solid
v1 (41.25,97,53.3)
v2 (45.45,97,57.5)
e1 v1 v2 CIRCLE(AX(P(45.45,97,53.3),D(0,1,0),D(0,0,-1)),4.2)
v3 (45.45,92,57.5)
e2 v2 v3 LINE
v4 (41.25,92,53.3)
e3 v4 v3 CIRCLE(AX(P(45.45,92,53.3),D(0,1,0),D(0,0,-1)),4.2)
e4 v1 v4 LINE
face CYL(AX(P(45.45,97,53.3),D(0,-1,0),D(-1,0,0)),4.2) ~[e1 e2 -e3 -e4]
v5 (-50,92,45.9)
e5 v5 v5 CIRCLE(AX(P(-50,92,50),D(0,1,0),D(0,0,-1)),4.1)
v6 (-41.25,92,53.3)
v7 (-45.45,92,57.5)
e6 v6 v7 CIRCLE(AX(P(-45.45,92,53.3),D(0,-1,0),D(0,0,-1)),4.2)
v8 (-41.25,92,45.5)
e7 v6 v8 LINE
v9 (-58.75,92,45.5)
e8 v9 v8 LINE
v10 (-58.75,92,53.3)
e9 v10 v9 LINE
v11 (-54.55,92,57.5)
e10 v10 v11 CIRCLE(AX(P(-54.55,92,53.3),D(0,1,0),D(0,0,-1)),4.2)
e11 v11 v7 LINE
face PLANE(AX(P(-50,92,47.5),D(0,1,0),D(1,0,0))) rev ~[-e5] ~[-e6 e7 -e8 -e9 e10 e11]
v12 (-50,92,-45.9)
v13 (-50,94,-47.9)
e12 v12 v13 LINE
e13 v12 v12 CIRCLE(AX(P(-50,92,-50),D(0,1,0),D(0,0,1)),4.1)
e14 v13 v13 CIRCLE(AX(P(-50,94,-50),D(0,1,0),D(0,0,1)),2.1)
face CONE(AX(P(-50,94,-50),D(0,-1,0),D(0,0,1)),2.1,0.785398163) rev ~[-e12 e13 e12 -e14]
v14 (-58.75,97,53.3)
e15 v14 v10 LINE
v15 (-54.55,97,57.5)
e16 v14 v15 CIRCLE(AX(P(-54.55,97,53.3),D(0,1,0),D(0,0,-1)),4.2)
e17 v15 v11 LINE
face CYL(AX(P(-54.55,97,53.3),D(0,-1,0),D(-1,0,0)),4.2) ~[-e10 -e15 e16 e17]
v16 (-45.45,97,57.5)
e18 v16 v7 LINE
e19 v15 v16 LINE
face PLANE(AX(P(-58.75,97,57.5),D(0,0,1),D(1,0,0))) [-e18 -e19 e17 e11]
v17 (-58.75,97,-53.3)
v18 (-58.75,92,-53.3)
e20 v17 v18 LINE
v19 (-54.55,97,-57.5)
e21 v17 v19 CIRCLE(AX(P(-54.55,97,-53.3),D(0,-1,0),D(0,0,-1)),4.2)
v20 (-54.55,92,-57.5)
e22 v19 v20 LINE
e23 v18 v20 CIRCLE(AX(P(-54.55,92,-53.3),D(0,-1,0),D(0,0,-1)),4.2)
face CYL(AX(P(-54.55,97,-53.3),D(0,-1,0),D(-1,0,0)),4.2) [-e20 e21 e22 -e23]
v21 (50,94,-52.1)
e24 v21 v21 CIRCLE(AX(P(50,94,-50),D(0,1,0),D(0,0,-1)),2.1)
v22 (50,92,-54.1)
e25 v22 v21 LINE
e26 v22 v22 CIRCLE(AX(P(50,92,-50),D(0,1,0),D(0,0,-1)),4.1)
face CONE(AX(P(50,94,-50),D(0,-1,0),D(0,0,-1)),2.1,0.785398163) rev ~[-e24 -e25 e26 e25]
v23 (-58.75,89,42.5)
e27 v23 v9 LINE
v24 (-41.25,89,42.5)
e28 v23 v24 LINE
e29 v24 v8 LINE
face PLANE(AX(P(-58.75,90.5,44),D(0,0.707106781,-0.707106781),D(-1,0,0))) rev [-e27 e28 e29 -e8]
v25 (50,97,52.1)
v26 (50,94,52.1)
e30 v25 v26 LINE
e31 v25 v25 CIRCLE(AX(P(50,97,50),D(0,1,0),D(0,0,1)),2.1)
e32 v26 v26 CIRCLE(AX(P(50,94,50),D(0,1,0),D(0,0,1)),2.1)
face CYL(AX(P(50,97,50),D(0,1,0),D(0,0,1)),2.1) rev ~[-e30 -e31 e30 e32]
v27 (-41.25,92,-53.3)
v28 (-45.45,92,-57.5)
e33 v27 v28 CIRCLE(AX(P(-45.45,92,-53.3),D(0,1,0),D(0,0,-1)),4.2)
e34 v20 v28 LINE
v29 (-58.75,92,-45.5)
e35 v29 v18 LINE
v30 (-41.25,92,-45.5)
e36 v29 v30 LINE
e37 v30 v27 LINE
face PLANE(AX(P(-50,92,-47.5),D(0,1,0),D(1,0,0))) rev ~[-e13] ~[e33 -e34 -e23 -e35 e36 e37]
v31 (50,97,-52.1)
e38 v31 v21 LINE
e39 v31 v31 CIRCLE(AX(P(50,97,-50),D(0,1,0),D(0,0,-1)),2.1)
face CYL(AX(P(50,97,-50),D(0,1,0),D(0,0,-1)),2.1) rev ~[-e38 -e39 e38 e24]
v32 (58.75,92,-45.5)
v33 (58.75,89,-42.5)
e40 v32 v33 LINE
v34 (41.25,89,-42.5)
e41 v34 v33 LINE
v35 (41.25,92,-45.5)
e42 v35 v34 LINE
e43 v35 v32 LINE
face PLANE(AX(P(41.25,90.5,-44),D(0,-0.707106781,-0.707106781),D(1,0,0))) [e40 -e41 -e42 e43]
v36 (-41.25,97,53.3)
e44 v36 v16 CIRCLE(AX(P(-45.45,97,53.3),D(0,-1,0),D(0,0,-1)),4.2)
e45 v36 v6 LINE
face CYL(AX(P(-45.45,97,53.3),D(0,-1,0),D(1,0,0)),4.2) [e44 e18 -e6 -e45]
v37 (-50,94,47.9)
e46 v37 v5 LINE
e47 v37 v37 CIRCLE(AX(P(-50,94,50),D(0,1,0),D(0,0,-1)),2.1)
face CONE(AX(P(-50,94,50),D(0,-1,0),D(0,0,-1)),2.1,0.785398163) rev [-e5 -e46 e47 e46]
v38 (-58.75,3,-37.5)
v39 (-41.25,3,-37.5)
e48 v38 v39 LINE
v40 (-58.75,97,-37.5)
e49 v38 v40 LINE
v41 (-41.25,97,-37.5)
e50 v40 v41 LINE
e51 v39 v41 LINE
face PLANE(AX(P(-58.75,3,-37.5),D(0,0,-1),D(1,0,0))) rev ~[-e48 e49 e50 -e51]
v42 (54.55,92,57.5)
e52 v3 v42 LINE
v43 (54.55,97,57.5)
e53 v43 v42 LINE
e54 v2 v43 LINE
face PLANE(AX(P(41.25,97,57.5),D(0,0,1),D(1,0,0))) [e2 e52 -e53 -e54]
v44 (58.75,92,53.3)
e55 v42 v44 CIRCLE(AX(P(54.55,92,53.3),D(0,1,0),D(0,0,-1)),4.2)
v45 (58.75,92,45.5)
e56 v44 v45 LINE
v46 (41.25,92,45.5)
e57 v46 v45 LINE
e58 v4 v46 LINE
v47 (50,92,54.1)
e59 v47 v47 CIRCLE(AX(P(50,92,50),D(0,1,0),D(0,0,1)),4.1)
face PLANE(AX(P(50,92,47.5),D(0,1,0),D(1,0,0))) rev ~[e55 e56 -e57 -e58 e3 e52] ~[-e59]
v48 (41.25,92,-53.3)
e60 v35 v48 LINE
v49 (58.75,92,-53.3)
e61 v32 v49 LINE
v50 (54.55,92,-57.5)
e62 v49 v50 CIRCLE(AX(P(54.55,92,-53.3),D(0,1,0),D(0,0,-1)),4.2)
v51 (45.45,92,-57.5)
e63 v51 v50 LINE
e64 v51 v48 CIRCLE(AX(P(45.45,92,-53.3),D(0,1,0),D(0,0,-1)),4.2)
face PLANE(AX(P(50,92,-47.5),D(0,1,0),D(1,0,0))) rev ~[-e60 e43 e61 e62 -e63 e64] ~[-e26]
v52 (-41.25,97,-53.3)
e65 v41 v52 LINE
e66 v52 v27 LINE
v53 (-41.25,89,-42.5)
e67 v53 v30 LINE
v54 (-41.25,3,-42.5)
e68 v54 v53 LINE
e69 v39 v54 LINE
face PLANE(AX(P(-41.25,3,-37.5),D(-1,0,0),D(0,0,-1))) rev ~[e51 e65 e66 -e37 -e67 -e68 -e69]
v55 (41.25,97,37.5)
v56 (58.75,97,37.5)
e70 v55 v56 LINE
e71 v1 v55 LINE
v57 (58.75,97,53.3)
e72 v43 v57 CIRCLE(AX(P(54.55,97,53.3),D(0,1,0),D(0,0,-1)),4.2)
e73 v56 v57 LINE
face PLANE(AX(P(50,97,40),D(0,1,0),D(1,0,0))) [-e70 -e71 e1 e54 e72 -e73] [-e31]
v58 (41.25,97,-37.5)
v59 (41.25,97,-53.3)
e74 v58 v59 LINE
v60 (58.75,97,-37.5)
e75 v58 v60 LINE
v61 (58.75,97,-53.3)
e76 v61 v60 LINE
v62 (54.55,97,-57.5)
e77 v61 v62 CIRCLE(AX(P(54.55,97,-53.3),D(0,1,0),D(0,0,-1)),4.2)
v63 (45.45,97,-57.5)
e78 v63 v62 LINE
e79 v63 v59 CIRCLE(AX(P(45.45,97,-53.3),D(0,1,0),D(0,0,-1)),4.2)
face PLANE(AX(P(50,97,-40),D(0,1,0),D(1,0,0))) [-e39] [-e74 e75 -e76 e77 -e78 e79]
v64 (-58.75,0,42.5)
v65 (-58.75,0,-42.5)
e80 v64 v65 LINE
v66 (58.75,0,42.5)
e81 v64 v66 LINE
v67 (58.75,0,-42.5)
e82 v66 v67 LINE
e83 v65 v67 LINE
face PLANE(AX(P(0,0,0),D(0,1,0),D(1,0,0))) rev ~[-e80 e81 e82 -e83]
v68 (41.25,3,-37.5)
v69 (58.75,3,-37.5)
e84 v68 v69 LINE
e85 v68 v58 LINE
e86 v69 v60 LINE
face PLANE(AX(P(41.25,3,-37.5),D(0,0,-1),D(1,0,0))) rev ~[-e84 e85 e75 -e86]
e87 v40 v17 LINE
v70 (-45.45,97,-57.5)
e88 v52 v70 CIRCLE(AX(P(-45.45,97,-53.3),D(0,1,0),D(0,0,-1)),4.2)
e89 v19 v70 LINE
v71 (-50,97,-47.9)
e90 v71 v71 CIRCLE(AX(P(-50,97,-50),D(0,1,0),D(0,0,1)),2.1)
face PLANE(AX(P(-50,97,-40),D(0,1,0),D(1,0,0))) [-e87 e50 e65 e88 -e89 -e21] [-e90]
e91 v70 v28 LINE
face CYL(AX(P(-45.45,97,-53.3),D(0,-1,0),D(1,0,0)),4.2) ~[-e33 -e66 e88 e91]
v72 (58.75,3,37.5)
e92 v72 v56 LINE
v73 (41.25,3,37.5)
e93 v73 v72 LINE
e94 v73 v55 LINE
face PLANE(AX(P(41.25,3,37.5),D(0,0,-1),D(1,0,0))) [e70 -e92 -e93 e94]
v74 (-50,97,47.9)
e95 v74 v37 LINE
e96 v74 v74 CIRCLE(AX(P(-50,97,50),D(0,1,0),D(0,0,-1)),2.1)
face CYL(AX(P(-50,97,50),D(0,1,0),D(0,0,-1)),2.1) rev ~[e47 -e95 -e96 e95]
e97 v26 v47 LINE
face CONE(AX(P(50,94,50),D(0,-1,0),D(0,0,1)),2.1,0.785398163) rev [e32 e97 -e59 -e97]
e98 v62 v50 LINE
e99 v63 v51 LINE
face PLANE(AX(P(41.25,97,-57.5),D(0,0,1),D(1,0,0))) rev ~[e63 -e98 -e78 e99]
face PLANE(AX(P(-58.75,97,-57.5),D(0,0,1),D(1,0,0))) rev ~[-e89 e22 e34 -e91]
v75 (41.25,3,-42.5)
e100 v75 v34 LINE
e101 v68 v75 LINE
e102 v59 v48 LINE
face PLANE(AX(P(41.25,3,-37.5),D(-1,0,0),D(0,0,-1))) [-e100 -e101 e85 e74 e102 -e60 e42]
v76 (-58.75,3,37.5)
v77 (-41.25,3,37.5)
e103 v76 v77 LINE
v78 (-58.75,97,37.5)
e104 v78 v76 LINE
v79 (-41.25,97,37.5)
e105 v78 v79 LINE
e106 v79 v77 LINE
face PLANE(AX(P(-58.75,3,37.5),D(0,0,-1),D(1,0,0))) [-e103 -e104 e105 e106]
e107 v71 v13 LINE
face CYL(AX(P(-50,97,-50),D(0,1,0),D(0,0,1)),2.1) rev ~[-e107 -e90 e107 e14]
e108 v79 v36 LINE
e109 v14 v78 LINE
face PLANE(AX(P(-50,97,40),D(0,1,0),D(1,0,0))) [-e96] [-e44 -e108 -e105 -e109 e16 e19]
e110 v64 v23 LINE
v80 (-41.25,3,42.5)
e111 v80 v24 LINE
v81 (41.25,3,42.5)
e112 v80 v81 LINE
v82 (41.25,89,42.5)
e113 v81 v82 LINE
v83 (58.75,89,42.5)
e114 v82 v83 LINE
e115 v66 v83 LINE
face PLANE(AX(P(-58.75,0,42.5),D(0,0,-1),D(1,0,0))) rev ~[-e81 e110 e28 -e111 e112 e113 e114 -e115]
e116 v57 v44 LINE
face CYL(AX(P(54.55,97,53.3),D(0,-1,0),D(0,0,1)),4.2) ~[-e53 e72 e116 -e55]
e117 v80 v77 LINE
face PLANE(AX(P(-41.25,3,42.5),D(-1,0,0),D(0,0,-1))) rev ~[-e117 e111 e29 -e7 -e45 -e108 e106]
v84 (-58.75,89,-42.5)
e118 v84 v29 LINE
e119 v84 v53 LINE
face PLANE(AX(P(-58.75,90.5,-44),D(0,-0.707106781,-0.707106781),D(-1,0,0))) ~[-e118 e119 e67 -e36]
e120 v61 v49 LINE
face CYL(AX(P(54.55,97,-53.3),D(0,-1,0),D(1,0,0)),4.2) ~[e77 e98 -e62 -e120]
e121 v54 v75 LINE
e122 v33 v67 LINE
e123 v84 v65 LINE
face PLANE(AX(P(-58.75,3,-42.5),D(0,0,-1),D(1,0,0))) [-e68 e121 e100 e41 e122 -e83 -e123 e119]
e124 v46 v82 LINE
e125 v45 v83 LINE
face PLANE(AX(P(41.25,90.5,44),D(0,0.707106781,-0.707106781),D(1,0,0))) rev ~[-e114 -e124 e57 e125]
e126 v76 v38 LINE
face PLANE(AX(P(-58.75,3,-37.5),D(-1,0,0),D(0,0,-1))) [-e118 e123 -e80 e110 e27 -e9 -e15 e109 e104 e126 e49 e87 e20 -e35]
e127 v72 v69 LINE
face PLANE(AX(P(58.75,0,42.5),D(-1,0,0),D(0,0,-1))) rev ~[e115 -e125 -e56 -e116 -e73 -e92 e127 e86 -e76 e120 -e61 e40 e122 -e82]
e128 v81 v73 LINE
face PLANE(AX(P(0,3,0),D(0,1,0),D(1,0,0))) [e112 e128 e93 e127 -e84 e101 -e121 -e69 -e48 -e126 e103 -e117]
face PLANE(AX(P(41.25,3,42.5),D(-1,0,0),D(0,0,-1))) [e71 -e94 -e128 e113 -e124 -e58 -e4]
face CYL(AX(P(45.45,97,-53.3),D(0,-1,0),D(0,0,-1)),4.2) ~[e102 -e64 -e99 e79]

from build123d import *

# Parameters (mm, degrees)
SKETCH1_W           = 117.5
SKETCH1_H           = 85
BOSS_EXTRUDE1_DEPTH = 3
SKETCH2_W           = 17.5
SKETCH2_H           = 5
BOSS_EXTRUDE2_DEPTH = 94
SKETCH3_W           = 17.5
SKETCH3_H           = 20
SKETCH3_R           = 2.1
BOSS_EXTRUDE3_DEPTH = 5
CHAMFER1_SIZE       = 2
CHAMFER2_SIZE       = 3
FILLET1_R           = 4.2


with BuildPart() as part:
    # Sketch1 → Boss-Extrude1 (new body)
    with BuildSketch(Plane(origin=(0, 0, 0), x_dir=(1, 0, 0), z_dir=(0, 1, 0))):
        Rectangle(SKETCH1_W, SKETCH1_H)
    extrude(amount=BOSS_EXTRUDE1_DEPTH)

    # Sketch2 → Boss-Extrude2 (add)
    with BuildSketch(Plane(origin=(0, 3, 0), x_dir=(1, 0, 0), z_dir=(0, 1, 0))):
        with Locations((-50, 40)):
            Rectangle(SKETCH2_W, SKETCH2_H)
        with Locations((50, 40)):
            Rectangle(SKETCH2_W, SKETCH2_H)
        with Locations((50, -40)):
            Rectangle(SKETCH2_W, SKETCH2_H)
        with Locations((-50, -40)):
            Rectangle(SKETCH2_W, SKETCH2_H)
    extrude(amount=BOSS_EXTRUDE2_DEPTH)

    # Sketch3 → Boss-Extrude3 (add)
    # profile 1 of 4: a face of its own
    with BuildSketch(Plane(origin=(0, 97, 0), x_dir=(1, 0, 0), z_dir=(0, 1, 0))):
        with Locations((-50, 47.5)):
            Rectangle(SKETCH3_W, SKETCH3_H)
        with Locations(Location((-50, 50, 0), (0, 0, 270))):
            Circle(SKETCH3_R, mode=Mode.SUBTRACT)
    # profile 2 of 4: a face of its own
    with BuildSketch(Plane(origin=(0, 97, 0), x_dir=(1, 0, 0), z_dir=(0, 1, 0))):
        with Locations((50, 47.5)):
            Rectangle(SKETCH3_W, SKETCH3_H)
        with Locations(Location((50, 50, 0), (0, 0, 90))):
            Circle(SKETCH3_R, mode=Mode.SUBTRACT)
    # profile 3 of 4: a face of its own
    with BuildSketch(Plane(origin=(0, 97, 0), x_dir=(1, 0, 0), z_dir=(0, 1, 0))):
        with Locations((50, -47.5)):
            Rectangle(SKETCH3_W, SKETCH3_H)
        with Locations(Location((50, -50, 0), (0, 0, 270))):
            Circle(SKETCH3_R, mode=Mode.SUBTRACT)
    # profile 4 of 4: a face of its own
    with BuildSketch(Plane(origin=(0, 97, 0), x_dir=(1, 0, 0), z_dir=(0, 1, 0))):
        with Locations((-50, -47.5)):
            Rectangle(SKETCH3_W, SKETCH3_H)
        with Locations(Location((-50, -50, 0), (0, 0, 90))):
            Circle(SKETCH3_R, mode=Mode.SUBTRACT)
    extrude(amount=-BOSS_EXTRUDE3_DEPTH)

    # Chamfer1
    chamfer1_edges = [part.edges().sort_by_distance(p)[0] for p in [
        (50, 92, 47.9),
        (-50, 92, 52.1),
        (-50, 92, -52.1),
        (50, 92, -47.9),
    ]]
    chamfer(chamfer1_edges, length=CHAMFER1_SIZE)

    # Chamfer2
    chamfer2_edges = [part.edges().sort_by_distance(p)[0] for p in [
        (50, 92, 42.5),
        (-50, 92, 42.5),
        (-50, 92, -42.5),
        (50, 92, -42.5),
    ]]
    chamfer(chamfer2_edges, length=CHAMFER2_SIZE)

    # Fillet1
    fillet1_edges = [part.edges().sort_by_distance(p)[0] for p in [
        (41.25, 94.5, 57.5),
        (58.75, 94.5, 57.5),
        (-58.75, 94.5, 57.5),
        (-41.25, 94.5, 57.5),
        (-41.25, 94.5, -57.5),
        (-58.75, 94.5, -57.5),
        (58.75, 94.5, -57.5),
        (41.25, 94.5, -57.5),
    ]]
    fillet(fillet1_edges, radius=FILLET1_R)


solid = part.part
